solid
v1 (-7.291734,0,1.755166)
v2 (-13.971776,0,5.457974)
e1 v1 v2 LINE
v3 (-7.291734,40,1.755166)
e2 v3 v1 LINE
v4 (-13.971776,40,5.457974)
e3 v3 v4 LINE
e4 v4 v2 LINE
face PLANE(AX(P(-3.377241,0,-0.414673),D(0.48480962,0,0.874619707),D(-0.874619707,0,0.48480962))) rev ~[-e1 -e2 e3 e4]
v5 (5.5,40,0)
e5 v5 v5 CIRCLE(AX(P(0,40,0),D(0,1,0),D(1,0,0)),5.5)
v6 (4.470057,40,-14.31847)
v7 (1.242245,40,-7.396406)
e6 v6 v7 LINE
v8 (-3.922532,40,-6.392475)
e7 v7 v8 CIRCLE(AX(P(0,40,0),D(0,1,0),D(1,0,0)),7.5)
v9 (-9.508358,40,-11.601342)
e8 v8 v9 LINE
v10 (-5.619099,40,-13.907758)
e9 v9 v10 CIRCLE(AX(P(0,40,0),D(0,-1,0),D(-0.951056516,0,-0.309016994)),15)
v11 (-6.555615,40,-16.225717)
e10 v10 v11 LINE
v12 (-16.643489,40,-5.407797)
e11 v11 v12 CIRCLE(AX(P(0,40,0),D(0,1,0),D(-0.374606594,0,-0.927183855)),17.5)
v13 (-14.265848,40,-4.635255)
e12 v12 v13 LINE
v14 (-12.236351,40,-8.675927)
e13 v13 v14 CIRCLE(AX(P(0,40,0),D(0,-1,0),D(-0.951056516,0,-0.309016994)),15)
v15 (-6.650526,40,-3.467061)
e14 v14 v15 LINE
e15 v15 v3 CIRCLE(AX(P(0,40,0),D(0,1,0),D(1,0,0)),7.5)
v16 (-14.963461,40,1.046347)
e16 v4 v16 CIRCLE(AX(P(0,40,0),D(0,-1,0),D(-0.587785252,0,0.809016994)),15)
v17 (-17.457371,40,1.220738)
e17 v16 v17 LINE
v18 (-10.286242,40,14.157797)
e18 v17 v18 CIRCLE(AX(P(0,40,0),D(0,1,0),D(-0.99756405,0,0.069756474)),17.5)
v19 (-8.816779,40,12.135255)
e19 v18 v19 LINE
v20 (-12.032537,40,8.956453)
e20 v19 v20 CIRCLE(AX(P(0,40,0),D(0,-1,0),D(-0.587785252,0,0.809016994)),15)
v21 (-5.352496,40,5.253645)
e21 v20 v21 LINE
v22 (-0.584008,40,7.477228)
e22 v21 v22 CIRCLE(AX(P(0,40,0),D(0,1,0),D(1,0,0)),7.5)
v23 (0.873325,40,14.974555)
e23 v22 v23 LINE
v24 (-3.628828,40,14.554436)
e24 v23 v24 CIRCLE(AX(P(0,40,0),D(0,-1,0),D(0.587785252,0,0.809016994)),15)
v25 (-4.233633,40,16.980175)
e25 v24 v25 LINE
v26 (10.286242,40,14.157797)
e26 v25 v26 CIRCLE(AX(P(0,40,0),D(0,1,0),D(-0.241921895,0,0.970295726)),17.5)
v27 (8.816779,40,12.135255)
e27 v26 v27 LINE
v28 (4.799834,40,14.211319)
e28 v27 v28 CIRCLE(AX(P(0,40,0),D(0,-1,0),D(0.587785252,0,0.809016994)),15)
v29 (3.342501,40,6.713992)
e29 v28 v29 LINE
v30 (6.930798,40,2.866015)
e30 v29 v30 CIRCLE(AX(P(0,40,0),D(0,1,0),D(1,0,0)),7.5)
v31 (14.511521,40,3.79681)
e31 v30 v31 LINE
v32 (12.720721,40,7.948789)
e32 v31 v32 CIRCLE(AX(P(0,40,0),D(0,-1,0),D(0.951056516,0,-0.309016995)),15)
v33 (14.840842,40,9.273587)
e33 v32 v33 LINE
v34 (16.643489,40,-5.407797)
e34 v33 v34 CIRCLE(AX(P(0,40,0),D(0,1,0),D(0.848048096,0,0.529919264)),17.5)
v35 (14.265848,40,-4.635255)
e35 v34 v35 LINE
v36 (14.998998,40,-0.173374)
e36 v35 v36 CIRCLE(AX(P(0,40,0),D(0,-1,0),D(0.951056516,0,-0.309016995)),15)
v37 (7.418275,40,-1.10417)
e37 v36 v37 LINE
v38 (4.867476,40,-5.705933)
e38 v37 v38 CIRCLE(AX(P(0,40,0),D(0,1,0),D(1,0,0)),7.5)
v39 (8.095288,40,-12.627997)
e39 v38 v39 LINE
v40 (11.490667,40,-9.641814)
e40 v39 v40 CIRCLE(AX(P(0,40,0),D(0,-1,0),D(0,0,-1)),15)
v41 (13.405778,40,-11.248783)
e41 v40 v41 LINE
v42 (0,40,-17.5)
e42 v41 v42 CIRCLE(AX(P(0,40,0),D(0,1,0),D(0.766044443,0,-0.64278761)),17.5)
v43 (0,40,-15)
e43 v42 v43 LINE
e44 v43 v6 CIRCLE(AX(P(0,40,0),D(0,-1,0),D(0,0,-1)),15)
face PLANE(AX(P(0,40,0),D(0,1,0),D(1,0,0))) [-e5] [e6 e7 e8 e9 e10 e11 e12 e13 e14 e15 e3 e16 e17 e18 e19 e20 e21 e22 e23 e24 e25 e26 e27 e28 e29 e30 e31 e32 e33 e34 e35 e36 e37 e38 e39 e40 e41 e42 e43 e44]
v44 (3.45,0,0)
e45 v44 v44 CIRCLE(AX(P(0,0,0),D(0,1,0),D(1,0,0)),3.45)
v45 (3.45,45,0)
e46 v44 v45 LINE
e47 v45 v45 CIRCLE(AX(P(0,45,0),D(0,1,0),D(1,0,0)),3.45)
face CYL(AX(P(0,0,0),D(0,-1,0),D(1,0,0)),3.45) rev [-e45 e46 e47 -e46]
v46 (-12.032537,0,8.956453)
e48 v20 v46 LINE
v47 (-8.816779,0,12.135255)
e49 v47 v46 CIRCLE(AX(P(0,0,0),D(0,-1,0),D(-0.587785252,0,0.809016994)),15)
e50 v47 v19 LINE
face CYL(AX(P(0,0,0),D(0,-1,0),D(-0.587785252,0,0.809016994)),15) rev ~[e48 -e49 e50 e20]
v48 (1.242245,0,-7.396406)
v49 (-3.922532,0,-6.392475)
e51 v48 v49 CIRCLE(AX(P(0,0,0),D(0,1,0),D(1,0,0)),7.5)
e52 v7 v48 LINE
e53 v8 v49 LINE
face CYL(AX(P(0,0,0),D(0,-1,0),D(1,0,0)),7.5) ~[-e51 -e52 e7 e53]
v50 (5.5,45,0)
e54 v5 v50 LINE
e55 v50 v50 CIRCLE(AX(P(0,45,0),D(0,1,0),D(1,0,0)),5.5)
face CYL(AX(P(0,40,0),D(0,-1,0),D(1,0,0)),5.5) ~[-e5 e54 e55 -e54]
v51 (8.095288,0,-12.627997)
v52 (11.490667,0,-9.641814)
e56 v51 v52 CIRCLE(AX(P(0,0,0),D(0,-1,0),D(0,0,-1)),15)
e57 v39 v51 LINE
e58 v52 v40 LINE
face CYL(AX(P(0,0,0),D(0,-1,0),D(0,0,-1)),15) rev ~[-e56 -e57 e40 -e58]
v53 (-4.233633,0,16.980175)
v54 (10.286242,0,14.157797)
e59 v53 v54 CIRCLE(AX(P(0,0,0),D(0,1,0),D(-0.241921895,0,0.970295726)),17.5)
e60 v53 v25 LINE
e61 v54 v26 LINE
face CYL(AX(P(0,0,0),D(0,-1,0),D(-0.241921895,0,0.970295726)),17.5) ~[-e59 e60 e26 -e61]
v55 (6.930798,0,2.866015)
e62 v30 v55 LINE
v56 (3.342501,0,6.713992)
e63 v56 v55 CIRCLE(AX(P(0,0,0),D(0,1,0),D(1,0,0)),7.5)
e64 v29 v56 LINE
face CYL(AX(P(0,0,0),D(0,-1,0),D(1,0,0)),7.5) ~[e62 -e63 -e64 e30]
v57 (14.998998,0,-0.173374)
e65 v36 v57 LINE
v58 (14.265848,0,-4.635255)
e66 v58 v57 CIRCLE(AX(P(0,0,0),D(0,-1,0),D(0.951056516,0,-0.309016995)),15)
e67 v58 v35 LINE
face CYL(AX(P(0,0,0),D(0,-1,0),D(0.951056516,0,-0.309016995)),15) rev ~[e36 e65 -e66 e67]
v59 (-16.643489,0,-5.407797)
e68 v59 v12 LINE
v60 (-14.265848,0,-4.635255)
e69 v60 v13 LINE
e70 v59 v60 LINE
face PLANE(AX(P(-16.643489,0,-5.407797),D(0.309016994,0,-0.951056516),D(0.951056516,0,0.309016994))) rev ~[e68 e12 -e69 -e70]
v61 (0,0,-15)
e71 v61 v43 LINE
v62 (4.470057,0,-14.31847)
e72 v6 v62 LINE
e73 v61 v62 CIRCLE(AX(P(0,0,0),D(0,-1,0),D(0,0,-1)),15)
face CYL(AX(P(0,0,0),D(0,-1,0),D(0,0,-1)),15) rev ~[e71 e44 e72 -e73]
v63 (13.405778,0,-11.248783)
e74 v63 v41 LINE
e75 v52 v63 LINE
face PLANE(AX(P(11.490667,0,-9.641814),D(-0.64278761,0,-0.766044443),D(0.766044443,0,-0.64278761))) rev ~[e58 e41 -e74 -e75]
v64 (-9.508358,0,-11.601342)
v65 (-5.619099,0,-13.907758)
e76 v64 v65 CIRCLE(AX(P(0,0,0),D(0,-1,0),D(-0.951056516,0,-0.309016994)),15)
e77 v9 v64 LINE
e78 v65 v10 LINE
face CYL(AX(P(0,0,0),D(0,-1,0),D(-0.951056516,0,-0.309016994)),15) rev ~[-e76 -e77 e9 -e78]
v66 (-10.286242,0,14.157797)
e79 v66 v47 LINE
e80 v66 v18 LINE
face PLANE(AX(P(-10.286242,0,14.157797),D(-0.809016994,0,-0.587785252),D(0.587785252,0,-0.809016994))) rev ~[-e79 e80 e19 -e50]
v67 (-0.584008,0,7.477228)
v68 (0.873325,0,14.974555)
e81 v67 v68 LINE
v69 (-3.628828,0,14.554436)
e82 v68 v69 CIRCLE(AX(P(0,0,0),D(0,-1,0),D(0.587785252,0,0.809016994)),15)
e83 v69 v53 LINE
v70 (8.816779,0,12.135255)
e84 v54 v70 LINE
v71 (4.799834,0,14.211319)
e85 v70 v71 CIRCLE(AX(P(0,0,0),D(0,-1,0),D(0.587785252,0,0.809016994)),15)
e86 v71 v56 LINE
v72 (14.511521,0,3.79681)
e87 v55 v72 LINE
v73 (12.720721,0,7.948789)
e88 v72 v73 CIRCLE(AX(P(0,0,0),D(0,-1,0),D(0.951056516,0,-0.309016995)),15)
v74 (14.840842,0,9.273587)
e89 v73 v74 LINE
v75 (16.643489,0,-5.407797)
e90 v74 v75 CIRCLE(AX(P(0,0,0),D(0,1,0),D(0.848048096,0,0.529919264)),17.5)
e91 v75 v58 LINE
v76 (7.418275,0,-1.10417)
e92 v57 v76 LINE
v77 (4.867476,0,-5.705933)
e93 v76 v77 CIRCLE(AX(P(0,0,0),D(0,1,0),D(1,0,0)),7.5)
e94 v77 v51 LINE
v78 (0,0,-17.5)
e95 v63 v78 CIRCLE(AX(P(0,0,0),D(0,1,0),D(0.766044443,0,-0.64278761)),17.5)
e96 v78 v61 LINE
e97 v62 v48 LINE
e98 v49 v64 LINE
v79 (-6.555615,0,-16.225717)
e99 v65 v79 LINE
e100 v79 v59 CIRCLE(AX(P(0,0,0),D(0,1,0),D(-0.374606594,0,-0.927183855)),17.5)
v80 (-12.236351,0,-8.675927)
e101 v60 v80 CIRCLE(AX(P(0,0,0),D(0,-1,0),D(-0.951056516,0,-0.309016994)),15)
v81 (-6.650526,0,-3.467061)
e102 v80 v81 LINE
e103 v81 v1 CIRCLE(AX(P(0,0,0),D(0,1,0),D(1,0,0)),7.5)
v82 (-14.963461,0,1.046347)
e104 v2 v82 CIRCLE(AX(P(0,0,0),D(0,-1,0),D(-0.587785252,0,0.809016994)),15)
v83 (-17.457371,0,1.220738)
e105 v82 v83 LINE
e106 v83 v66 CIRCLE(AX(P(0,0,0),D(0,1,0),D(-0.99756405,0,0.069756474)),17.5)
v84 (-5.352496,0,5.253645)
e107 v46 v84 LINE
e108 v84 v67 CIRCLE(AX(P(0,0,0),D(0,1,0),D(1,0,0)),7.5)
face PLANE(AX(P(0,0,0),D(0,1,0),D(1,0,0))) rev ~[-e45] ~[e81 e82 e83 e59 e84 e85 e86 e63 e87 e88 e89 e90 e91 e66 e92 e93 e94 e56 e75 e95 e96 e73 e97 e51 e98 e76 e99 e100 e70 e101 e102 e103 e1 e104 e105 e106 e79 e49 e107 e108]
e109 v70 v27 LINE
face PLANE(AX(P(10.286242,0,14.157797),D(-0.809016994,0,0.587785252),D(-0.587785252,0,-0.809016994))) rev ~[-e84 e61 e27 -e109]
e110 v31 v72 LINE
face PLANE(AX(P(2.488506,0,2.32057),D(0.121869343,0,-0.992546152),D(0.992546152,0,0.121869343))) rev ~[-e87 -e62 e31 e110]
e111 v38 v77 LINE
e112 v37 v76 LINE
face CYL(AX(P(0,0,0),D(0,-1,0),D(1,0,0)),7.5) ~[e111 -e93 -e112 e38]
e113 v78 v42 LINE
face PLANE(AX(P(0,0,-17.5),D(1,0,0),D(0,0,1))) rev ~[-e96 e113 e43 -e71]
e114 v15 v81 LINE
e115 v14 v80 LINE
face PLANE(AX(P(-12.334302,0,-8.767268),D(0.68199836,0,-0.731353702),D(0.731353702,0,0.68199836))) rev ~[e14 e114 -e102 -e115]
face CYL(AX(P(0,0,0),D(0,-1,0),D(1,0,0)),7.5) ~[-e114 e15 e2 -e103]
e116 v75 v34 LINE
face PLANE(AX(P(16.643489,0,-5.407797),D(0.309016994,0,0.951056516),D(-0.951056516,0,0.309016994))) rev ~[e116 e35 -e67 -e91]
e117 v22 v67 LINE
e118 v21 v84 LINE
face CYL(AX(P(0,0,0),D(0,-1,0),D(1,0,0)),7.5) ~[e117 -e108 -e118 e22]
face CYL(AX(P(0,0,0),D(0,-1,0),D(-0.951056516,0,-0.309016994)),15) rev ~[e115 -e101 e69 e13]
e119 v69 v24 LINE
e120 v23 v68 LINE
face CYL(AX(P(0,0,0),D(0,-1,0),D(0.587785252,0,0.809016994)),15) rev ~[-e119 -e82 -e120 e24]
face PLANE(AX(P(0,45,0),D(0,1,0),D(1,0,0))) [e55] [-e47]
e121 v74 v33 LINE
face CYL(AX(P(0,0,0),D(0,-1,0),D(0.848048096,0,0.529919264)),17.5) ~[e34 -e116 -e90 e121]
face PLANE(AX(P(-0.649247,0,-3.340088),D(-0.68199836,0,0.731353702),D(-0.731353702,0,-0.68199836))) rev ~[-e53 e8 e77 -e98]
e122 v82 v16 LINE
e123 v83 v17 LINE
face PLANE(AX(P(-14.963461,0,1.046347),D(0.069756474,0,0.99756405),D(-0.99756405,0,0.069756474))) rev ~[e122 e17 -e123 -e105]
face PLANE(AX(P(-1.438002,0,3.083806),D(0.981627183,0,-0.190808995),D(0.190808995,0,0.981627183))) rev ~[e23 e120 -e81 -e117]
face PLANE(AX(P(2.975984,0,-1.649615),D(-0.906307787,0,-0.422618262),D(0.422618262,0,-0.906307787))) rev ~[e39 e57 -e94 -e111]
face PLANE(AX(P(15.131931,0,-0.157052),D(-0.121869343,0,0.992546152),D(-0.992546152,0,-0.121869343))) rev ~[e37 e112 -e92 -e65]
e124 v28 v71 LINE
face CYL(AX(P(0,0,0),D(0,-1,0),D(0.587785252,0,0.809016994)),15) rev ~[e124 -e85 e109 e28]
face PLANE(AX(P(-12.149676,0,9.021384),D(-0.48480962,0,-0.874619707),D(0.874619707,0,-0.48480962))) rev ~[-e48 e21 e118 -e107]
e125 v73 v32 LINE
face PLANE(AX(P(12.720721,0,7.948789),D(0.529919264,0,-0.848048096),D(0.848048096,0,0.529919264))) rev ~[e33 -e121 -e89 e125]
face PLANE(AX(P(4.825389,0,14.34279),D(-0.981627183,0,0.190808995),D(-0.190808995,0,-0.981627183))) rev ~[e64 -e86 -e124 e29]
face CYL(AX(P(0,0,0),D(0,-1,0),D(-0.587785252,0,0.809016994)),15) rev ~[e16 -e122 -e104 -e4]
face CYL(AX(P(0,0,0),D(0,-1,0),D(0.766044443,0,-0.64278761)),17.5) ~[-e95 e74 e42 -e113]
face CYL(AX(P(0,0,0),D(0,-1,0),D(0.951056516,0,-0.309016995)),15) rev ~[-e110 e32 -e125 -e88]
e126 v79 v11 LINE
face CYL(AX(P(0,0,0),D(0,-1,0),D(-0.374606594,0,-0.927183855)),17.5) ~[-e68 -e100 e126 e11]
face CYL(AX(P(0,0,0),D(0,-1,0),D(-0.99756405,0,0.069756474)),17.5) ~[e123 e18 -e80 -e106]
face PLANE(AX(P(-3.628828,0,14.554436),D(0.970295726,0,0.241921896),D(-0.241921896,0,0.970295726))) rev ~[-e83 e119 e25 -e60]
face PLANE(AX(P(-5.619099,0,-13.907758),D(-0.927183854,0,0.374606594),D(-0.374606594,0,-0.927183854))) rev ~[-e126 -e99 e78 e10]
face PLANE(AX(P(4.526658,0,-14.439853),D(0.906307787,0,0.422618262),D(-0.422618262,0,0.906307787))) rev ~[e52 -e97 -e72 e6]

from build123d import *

# Parameters (mm, degrees)
BOSS_EXTRUDE2_DEPTH   = 40
BOSS_EXTRUDE2_2_DEPTH = 40
BOSS_EXTRUDE2_3_DEPTH = 40
BOSS_EXTRUDE2_4_DEPTH = 40
BOSS_EXTRUDE2_5_DEPTH = 40
BOSS_EXTRUDE3_DEPTH   = 40
SKETCH3_R             = 7.5
BOSS_EXTRUDE4_DEPTH   = 40
SKETCH5_R             = 5.5
BOSS_EXTRUDE5_DEPTH   = 5
SKETCH4_R             = 3.45
CUT_EXTRUDE1_DEPTH    = 45


with BuildPart() as part:
    # Sketch1 → Boss-Extrude2 (new body)
    with BuildSketch(Plane(origin=(0, 0, 0), x_dir=(1, 0, 0), z_dir=(0, 1, 0))):
        with BuildLine():
            Line((0, 17.5), (0, 15))
            ThreePointArc((0, 15), (6.339273926, 13.594616806), (11.490666647, 9.641814145))
            Line((11.490666647, 9.641814145), (13.405777755, 11.24878317))
            ThreePointArc((13.405777755, 11.24878317), (7.39581958, 15.860386273), (0, 17.5))
        make_face()
    extrude(amount=BOSS_EXTRUDE2_DEPTH)



with BuildPart() as body_2:
    # Sketch1 → Boss-Extrude2 2 (new body)
    with BuildSketch(Plane(origin=(0, 0, 0), x_dir=(1, 0, 0), z_dir=(0, 1, 0))):
        with BuildLine():
            Line((16.643489035, 5.407797402), (14.265847744, 4.635254916))
            ThreePointArc((14.265847744, 4.635254916), (14.888192275, -1.828040151), (12.720721442, -7.948788963))
            Line((12.720721442, -7.948788963), (14.840841683, -9.273587124))
            ThreePointArc((14.840841683, -9.273587124), (17.369557654, -2.13271351), (16.643489035, 5.407797402))
        make_face()
    extrude(amount=BOSS_EXTRUDE2_2_DEPTH)


with BuildPart() as body_3:
    # Sketch1 → Boss-Extrude2 3 (new body)
    with BuildSketch(Plane(origin=(0, 0, 0), x_dir=(1, 0, 0), z_dir=(0, 1, 0))):
        with BuildLine():
            Line((10.286241915, -14.157797402), (8.816778784, -12.135254916))
            ThreePointArc((8.816778784, -12.135254916), (2.862134931, -14.724407752), (-3.628828434, -14.554435894))
            Line((-3.628828434, -14.554435894), (-4.233633173, -16.98017521))
            ThreePointArc((-4.233633173, -16.98017521), (3.339157419, -17.17847571), (10.286241915, -14.157797402))
        make_face()
    extrude(amount=BOSS_EXTRUDE2_3_DEPTH)


with BuildPart() as body_4:
    # Sketch1 → Boss-Extrude2 4 (new body)
    with BuildSketch(Plane(origin=(0, 0, 0), x_dir=(1, 0, 0), z_dir=(0, 1, 0))):
        with BuildLine():
            Line((-10.286241915, -14.157797402), (-8.816778784, -12.135254916))
            ThreePointArc((-8.816778784, -12.135254916), (-13.119295607, -7.272144304), (-14.963460754, -1.046347106))
            Line((-14.963460754, -1.046347106), (-17.45737088, -1.220738291))
            ThreePointArc((-17.45737088, -1.220738291), (-15.305844875, -8.484168354), (-10.286241915, -14.157797402))
        make_face()
    extrude(amount=BOSS_EXTRUDE2_4_DEPTH)


with BuildPart() as body_5:
    # Sketch1 → Boss-Extrude2 5 (new body)
    with BuildSketch(Plane(origin=(0, 0, 0), x_dir=(1, 0, 0), z_dir=(0, 1, 0))):
        with BuildLine():
            Line((-16.643489035, 5.407797402), (-14.265847744, 4.635254916))
            ThreePointArc((-14.265847744, 4.635254916), (-10.970305524, 10.229975401), (-5.619098901, 13.907757819))
            Line((-5.619098901, 13.907757819), (-6.555615385, 16.225717455))
            ThreePointArc((-6.555615385, 16.225717455), (-12.798689778, 11.934971301), (-16.643489035, 5.407797402))
        make_face()
    extrude(amount=BOSS_EXTRUDE2_5_DEPTH)


with BuildPart() as part_1:
    add(part.part)

    add(body_2.part)  # Boss-Extrude3 merges body 2

    add(body_3.part)  # Boss-Extrude3 merges body 3

    add(body_4.part)  # Boss-Extrude3 merges body 4

    add(body_5.part)  # Boss-Extrude3 merges body 5
    # Sketch2 → Boss-Extrude3 (add)
    with BuildSketch(Plane(origin=(0, 0, 0), x_dir=(1, 0, 0), z_dir=(0, 1, 0))):
        Polygon((-1.438002264, -3.083805807), (0.898880564, -15.106025742), (4.825389298, -14.342789761), (2.48850647, -2.320569825), (14.644453588, -3.813132454), (15.131930961, 0.157052152), (2.975983844, 1.649614781), (8.1518895, 12.749380282), (4.526658352, 14.439853329), (-0.649247305, 3.340087828), (-9.606308804, 11.692682804), (-12.334302244, 8.767267998), (-3.377240745, 0.414673022), (-14.088914848, -5.522904889), (-12.149676367, -9.021383718), align=None)
        Polygon((-0.334260109, 0.311702594), (0.152686649, 0.084635592), (0.087207921, -0.448645859), align=None, mode=Mode.SUBTRACT)
    extrude(amount=BOSS_EXTRUDE3_DEPTH)

    # Sketch3 → Boss-Extrude4 (add)
    with BuildSketch(Plane(origin=(0, 0, 0), x_dir=(1, 0, 0), z_dir=(0, 1, 0))):
        Circle(SKETCH3_R)
    extrude(amount=BOSS_EXTRUDE4_DEPTH)

    # Sketch5 → Boss-Extrude5 (add)
    with BuildSketch(Plane(origin=(0, 40, 0), x_dir=(1, 0, 0), z_dir=(0, 1, 0))):
        Circle(SKETCH5_R)
    extrude(amount=BOSS_EXTRUDE5_DEPTH)

    # Sketch4 → Cut-Extrude1 (cut)
    with BuildSketch(Plane(origin=(0, 0, 0), x_dir=(1, 0, 0), z_dir=(0, 1, 0))):
        Circle(SKETCH4_R)
    extrude(amount=CUT_EXTRUDE1_DEPTH, mode=Mode.SUBTRACT)


solid = part_1.part
